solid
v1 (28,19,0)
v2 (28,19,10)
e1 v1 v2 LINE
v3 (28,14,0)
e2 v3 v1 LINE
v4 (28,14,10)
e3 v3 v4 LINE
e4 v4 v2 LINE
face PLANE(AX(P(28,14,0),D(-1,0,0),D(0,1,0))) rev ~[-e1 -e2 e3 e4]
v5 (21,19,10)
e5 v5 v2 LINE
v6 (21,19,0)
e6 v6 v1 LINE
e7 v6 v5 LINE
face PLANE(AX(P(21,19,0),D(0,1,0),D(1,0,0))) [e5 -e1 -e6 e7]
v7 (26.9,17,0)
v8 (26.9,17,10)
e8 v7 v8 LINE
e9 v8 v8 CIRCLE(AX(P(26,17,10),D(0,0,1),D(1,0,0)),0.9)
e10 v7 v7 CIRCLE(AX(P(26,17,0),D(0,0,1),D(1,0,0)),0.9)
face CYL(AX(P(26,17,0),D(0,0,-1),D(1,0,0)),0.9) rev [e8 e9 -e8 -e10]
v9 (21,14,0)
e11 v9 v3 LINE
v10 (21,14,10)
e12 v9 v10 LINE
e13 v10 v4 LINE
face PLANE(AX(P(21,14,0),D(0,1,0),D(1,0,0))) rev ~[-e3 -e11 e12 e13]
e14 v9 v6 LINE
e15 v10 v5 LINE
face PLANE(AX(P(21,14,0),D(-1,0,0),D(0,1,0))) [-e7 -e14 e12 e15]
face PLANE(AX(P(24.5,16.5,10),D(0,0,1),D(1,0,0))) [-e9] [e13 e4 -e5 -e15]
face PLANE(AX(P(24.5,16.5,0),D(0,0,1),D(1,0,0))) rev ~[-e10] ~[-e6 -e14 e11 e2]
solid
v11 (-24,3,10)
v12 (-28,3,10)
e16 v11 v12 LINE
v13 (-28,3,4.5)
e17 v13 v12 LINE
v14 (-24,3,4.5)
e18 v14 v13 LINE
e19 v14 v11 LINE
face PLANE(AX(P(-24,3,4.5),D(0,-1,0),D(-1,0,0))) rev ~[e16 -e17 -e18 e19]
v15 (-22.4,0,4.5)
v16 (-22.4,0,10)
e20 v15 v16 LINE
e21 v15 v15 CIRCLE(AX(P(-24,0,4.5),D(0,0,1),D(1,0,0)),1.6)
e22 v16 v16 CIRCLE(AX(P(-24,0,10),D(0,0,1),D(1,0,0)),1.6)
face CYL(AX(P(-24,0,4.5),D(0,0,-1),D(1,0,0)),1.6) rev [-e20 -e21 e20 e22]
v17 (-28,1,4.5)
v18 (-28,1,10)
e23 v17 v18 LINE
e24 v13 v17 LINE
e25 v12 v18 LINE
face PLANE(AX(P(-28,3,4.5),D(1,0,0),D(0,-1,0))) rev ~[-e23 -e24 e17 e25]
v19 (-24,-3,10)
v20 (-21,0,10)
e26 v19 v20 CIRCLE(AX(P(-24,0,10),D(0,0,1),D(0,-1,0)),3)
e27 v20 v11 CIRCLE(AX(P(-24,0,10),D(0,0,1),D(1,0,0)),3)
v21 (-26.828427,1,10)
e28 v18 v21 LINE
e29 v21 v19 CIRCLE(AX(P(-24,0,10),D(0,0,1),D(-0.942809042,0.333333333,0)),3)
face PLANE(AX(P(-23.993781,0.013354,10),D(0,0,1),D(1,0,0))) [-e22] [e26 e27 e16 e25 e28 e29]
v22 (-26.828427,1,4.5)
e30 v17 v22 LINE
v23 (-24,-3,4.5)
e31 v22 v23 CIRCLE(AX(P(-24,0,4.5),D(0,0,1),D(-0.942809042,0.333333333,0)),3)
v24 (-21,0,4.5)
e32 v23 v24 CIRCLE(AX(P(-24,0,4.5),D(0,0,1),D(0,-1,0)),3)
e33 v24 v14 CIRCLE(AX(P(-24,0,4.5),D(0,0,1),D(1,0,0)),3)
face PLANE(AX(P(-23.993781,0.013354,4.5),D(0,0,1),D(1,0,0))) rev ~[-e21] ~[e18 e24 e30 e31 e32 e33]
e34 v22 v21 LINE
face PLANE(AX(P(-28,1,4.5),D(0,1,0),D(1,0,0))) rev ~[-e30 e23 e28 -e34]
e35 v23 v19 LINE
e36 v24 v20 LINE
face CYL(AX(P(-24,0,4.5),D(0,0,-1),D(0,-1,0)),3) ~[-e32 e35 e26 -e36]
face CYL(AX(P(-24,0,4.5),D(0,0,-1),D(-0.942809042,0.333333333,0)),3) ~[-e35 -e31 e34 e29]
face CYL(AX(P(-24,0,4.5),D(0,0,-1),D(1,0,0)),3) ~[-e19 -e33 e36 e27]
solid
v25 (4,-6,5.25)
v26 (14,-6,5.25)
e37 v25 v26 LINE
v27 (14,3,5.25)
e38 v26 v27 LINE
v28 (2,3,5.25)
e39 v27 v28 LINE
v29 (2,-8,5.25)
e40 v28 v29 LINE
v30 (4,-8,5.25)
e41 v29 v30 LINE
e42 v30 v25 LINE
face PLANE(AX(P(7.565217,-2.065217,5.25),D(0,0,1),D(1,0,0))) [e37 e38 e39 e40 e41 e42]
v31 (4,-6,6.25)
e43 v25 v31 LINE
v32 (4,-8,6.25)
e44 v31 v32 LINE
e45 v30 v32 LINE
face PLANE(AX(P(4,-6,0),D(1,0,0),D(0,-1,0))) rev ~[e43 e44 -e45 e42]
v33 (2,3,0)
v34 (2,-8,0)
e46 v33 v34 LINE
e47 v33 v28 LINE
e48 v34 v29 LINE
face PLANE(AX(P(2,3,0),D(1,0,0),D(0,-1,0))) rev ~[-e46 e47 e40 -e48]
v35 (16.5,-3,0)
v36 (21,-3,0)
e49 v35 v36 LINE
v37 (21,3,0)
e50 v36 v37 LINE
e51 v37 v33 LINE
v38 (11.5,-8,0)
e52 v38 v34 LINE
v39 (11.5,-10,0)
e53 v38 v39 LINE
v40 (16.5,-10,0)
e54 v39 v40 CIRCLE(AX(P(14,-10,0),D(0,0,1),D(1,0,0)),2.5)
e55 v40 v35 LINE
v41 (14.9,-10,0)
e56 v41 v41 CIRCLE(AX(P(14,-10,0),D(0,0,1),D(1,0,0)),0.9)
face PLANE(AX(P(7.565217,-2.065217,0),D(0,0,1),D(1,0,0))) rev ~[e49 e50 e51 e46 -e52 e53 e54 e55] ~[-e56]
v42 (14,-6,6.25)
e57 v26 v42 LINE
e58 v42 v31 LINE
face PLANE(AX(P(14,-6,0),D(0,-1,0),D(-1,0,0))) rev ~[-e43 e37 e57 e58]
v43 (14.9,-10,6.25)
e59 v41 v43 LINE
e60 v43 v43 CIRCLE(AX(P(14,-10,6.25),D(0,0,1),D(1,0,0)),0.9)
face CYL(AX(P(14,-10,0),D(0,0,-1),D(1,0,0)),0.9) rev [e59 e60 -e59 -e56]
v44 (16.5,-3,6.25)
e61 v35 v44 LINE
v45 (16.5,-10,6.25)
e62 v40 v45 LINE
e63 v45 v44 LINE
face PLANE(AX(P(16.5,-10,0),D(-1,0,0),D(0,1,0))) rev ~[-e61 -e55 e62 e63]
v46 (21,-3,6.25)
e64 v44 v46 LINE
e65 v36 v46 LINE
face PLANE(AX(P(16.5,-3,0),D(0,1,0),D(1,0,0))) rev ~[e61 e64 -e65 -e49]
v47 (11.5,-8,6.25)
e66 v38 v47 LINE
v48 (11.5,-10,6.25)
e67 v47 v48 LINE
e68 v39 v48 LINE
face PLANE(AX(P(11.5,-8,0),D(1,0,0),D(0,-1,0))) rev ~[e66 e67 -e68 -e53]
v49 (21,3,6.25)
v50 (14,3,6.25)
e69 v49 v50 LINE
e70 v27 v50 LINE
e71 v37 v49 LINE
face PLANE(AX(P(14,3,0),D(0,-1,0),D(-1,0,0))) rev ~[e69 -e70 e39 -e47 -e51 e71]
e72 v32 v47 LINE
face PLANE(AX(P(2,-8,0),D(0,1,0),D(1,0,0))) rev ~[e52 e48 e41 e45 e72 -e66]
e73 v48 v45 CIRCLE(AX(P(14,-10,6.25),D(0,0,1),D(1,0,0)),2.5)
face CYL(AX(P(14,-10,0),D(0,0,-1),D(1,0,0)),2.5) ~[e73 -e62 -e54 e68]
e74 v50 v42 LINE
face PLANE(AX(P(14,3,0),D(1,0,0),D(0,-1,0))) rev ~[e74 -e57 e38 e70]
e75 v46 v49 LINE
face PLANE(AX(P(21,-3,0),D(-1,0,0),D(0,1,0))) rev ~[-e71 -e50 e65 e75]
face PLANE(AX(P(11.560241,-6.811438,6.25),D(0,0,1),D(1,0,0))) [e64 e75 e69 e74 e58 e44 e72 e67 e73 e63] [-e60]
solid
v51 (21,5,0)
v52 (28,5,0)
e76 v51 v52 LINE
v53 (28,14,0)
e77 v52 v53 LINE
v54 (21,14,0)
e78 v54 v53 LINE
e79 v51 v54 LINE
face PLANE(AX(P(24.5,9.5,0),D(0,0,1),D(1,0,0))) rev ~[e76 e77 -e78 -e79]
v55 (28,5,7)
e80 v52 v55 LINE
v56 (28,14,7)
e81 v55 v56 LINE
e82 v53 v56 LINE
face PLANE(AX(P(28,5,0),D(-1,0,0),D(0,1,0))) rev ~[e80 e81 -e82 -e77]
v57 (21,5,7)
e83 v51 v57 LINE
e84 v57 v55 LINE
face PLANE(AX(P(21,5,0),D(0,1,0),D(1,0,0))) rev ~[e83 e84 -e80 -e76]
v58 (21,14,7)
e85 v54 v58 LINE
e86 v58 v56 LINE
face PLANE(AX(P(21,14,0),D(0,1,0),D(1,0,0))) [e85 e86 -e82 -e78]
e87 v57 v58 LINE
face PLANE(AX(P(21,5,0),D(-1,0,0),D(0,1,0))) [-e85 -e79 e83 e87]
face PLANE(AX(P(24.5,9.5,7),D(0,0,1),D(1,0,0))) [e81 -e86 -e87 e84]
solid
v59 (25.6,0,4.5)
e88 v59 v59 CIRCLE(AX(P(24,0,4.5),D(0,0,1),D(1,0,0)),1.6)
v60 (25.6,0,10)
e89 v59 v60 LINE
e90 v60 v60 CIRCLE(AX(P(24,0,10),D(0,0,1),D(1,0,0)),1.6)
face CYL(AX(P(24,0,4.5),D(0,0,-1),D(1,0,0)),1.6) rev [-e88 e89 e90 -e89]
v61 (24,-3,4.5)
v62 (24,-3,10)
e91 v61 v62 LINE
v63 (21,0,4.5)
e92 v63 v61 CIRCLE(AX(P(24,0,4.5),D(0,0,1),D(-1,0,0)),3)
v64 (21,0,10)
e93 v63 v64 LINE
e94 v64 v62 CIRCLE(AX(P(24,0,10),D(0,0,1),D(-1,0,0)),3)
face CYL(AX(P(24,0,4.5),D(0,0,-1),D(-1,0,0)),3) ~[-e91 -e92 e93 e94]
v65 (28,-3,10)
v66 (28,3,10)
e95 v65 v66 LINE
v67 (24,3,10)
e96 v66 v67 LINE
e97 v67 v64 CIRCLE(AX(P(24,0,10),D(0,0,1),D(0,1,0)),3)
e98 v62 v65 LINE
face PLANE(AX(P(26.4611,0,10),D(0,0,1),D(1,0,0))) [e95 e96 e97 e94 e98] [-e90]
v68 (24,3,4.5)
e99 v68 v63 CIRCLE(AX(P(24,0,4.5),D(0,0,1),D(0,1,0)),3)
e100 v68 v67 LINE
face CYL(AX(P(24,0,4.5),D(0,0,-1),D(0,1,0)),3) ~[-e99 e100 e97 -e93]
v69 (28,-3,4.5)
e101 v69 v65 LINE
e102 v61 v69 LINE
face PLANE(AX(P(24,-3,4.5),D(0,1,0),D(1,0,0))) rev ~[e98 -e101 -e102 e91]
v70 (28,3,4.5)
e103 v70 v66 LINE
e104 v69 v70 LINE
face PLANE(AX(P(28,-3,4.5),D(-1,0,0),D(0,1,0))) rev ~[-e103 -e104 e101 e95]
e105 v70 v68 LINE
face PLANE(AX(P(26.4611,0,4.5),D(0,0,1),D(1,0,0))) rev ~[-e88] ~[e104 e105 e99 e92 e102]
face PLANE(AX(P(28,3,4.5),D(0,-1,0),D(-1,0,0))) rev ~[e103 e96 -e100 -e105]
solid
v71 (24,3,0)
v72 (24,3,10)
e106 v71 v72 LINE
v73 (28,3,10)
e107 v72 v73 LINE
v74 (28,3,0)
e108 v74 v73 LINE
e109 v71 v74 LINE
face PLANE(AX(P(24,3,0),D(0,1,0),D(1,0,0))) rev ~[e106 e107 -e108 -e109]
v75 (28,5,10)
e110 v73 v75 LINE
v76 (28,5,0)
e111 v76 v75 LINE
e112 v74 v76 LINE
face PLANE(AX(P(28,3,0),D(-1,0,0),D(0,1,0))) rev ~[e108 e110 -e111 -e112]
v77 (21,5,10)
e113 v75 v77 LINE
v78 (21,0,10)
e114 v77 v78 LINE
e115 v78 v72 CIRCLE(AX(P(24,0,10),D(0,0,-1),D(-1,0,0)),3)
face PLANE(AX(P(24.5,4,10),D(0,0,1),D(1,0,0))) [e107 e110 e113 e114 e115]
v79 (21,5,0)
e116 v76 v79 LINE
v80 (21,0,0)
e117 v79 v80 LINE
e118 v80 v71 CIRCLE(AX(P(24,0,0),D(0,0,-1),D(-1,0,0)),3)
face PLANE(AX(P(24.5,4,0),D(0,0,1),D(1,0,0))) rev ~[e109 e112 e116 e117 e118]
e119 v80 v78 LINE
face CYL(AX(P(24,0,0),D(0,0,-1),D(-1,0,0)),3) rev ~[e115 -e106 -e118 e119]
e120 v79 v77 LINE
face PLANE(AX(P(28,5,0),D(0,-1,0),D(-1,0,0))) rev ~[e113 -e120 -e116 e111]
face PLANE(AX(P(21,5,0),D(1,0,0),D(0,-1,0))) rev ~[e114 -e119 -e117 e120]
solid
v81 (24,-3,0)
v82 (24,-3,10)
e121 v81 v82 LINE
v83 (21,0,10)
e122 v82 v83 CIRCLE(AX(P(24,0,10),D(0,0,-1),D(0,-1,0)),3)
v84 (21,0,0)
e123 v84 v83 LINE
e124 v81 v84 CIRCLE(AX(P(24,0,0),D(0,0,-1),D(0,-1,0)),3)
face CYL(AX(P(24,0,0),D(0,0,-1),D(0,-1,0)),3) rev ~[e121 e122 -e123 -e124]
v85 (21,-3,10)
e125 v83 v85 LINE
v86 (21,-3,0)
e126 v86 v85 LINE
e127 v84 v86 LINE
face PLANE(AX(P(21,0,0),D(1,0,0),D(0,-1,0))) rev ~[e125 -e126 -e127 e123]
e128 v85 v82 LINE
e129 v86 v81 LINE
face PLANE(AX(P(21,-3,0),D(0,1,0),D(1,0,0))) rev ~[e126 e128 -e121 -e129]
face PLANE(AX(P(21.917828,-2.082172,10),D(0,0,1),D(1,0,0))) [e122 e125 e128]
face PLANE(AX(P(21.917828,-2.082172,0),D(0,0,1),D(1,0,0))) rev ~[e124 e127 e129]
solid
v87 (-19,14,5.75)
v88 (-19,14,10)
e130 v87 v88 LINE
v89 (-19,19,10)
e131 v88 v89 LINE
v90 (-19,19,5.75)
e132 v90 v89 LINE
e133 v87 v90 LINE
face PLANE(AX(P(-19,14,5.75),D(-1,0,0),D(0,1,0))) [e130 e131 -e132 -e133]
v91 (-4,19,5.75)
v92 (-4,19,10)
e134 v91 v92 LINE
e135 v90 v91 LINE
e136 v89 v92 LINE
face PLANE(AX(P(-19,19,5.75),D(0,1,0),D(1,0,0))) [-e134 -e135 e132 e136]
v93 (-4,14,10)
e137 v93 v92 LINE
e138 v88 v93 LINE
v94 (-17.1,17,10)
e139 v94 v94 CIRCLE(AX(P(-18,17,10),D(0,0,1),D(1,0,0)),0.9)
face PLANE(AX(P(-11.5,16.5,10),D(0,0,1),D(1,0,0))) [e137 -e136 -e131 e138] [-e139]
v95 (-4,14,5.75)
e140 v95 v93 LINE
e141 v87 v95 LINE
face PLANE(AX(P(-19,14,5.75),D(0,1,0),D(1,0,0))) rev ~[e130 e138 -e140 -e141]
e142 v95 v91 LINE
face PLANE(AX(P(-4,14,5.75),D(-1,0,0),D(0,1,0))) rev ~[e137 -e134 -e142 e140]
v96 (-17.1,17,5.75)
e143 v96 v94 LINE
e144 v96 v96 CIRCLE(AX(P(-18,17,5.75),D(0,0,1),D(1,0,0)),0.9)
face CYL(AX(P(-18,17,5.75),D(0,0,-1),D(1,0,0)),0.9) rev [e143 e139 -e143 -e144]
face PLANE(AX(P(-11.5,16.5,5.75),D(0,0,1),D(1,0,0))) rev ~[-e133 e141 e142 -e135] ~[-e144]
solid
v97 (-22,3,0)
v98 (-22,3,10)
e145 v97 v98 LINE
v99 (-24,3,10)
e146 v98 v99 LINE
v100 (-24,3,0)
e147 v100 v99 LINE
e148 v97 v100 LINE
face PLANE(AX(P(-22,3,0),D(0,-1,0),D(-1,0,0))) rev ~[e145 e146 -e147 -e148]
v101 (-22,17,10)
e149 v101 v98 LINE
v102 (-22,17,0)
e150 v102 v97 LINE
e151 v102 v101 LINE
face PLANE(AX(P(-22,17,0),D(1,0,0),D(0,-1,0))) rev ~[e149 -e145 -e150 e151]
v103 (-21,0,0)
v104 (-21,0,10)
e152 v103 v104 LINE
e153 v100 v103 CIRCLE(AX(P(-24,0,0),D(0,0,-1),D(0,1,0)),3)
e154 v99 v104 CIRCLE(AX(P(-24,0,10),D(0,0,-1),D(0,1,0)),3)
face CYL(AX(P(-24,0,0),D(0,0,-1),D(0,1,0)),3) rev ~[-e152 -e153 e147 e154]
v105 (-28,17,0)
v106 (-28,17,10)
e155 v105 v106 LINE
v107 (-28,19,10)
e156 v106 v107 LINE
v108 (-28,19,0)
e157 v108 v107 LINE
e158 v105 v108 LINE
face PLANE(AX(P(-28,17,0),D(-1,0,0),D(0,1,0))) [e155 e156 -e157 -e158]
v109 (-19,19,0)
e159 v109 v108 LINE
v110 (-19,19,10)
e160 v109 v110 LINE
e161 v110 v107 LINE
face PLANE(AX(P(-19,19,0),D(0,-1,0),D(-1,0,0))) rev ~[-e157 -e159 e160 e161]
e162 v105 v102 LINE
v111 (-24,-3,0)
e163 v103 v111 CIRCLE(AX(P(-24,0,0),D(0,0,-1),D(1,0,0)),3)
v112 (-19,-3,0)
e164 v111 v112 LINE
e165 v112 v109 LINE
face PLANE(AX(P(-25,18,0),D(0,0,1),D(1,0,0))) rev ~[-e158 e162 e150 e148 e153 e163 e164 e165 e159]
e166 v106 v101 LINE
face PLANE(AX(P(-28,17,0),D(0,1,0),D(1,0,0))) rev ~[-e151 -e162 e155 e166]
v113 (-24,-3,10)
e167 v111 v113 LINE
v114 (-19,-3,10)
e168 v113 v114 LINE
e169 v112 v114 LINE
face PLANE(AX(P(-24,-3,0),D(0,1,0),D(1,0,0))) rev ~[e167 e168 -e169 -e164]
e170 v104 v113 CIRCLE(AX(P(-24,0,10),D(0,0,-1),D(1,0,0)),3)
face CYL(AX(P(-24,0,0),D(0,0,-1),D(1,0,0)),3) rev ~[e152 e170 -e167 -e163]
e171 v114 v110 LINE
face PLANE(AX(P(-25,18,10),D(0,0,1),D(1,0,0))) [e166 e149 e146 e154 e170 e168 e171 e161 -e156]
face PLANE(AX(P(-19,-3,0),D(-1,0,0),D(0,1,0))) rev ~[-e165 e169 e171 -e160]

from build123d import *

# Parameters (mm, degrees)
F1_START = 5.75
F0_W     = 15
F0_H     = 5
F0_R     = 0.9
F1_DEPTH = 4.25
F2_DEPTH = 6.25
F0_W_2   = 7
F0_H_2   = 9
F3_DEPTH = 7
F4_DEPTH = 5.25
F0_W_3   = 6
F0_H_3   = 2
F5_DEPTH = 10
F0_R_2   = 1.5
F6_START = 4.5
F0_R_3   = 1.6
F6_DEPTH = 5.5


with BuildPart() as f1:
    # F0 (on Top) → F1 (new body)
    with BuildSketch(Plane.XY.offset(F1_START)):
        with Locations((-11.5, 16.5)):
            Rectangle(F0_W, F0_H)
        with Locations((-18, 17)):
            Circle(F0_R, mode=Mode.SUBTRACT)
    extrude(amount=F1_DEPTH)


with BuildPart() as f2:
    # F0 (on Top) → F2 (new body)
    with BuildSketch(Plane.XY):
        with BuildLine():
            Line((16.5, -10), (16.5, -3))
            Line((16.5, -3), (14, -3))
            Line((14, -3), (14, -6))
            Line((14, -6), (4, -6))
            Line((4, -6), (4, -8))
            Line((4, -8), (11.5, -8))
            Line((11.5, -8), (11.5, -10))
            ThreePointArc((11.5, -10), (14, -7.5), (16.5, -10))
        make_face()
        with BuildLine():
            ThreePointArc((11.5, -10), (14, -12.5), (16.5, -10))
            ThreePointArc((16.5, -10), (14, -7.5), (11.5, -10))
        make_face()
        with Locations((14, -10)):
            Circle(F0_R, mode=Mode.SUBTRACT)
        Polygon((21, -3), (21, 0), (21, 3), (14, 3), (14, -3), (16.5, -3), align=None)
    extrude(amount=F2_DEPTH)

    # F0 (on Top) → F4 (join)
    with BuildSketch(Plane.XY):
        Polygon((14, -3), (14, 3), (2, 3), (2, -3), (2, -8), (4, -8), (4, -6), (14, -6), align=None)
    extrude(amount=F4_DEPTH)


with BuildPart() as f3:
    # F0 (on Top) → F3 (new body)
    with BuildSketch(Plane.XY):
        with Locations((24.5, 9.5)):
            Rectangle(F0_W_2, F0_H_2)
    extrude(amount=F3_DEPTH)


with BuildPart() as f5:
    # F0 (on Top) → F5 (new body)
    with BuildSketch(Plane.XY):
        with Locations((-25, 18)):
            Rectangle(F0_W_3, F0_H_3)
        Polygon((-22, 17), (-22, 3), (-21, 3), (-19, 3), (-19, 14), (-19, 19), (-22, 19), align=None)
        Polygon((-21, 3), (-21, 0), (-21, -3), (-19, -3), (-19, 3), align=None)
        with BuildLine():
            Line((-22, 3), (-24, 3))
            ThreePointArc((-24, 3), (-21.8786796564, 2.1213203436), (-21, 0))
            Line((-21, 0), (-21, 3))
            Line((-21, 3), (-22, 3))
        make_face()
        with BuildLine():
            ThreePointArc((-21, 0), (-21.8786796564, -2.1213203436), (-24, -3))
            Line((-24, -3), (-21, -3))
            Line((-21, -3), (-21, 0))
        make_face()
    extrude(amount=F5_DEPTH)


with BuildPart() as f5b:
    # F0 (on Top) → F5, piece 2 (new body)
    with BuildSketch(Plane.XY):
        with Locations((24.5, 16.5)):
            Rectangle(F0_W_2, F0_H)
        with Locations((26, 17)):
            Circle(F0_R_2, mode=Mode.SUBTRACT)
        with Locations((26, 17)):
            Circle(F0_R_2)
        with Locations((26, 17)):
            Circle(F0_R, mode=Mode.SUBTRACT)
    extrude(amount=F5_DEPTH)


with BuildPart() as f5c:
    # F0 (on Top) → F5, piece 3 (new body)
    with BuildSketch(Plane.XY):
        Polygon((21, 3), (24, 3), (28, 3), (28, 5), (21, 5), align=None)
        with BuildLine():
            ThreePointArc((21, 0), (21.8786796564, 2.1213203436), (24, 3))
            Line((24, 3), (21, 3))
            Line((21, 3), (21, 0))
        make_face()
    extrude(amount=F5_DEPTH)


with BuildPart() as f5d:
    # F0 (on Top) → F5, piece 4 (new body)
    with BuildSketch(Plane.XY):
        with BuildLine():
            Line((21, -3), (24, -3))
            ThreePointArc((24, -3), (21.8786796564, -2.1213203436), (21, 0))
            Line((21, 0), (21, -3))
        make_face()
    extrude(amount=F5_DEPTH)


with BuildPart() as f6:
    # F0 (on Top) → F6 (new body)
    with BuildSketch(Plane.XY.offset(F6_START)):
        with BuildLine():
            ThreePointArc((-24, 3), (-25.7320508076, 2.4494897428), (-26.8284271247, 1))
            ThreePointArc((-26.8284271247, 1), (-26.4494897428, -1.7320508076), (-24, -3))
            ThreePointArc((-24, -3), (-21.8786796564, -2.1213203436), (-21, 0))
            ThreePointArc((-21, 0), (-21.8786796564, 2.1213203436), (-24, 3))
        make_face()
        with Locations((-24, 0)):
            Circle(F0_R_3, mode=Mode.SUBTRACT)
        with BuildLine():
            Line((-28, 1), (-26.8284271247, 1))
            ThreePointArc((-26.8284271247, 1), (-25.7320508076, 2.4494897428), (-24, 3))
            Line((-24, 3), (-28, 3))
            Line((-28, 3), (-28, 1))
        make_face()
    extrude(amount=F6_DEPTH)


with BuildPart() as f6b:
    # F0 (on Top) → F6, piece 2 (new body)
    with BuildSketch(Plane.XY.offset(F6_START)):
        with BuildLine():
            ThreePointArc((24, 3), (26.1213203436, 2.1213203436), (27, 0))
            ThreePointArc((27, 0), (26.1213203436, -2.1213203436), (24, -3))
            Line((24, -3), (28, -3))
            Line((28, -3), (28, 3))
            Line((28, 3), (24, 3))
        make_face()
        with BuildLine():
            ThreePointArc((24, -3), (26.1213203436, -2.1213203436), (27, 0))
            ThreePointArc((27, 0), (26.1213203436, 2.1213203436), (24, 3))
            ThreePointArc((24, 3), (21.8786796564, 2.1213203436), (21, 0))
            ThreePointArc((21, 0), (21.8786796564, -2.1213203436), (24, -3))
        make_face()
        with Locations((24, 0)):
            Circle(F0_R_3, mode=Mode.SUBTRACT)
    extrude(amount=F6_DEPTH)


solid = Compound([f1.part, f2.part, f3.part, f5.part, f5b.part, f5c.part, f5d.part, f6.part, f6b.part])
